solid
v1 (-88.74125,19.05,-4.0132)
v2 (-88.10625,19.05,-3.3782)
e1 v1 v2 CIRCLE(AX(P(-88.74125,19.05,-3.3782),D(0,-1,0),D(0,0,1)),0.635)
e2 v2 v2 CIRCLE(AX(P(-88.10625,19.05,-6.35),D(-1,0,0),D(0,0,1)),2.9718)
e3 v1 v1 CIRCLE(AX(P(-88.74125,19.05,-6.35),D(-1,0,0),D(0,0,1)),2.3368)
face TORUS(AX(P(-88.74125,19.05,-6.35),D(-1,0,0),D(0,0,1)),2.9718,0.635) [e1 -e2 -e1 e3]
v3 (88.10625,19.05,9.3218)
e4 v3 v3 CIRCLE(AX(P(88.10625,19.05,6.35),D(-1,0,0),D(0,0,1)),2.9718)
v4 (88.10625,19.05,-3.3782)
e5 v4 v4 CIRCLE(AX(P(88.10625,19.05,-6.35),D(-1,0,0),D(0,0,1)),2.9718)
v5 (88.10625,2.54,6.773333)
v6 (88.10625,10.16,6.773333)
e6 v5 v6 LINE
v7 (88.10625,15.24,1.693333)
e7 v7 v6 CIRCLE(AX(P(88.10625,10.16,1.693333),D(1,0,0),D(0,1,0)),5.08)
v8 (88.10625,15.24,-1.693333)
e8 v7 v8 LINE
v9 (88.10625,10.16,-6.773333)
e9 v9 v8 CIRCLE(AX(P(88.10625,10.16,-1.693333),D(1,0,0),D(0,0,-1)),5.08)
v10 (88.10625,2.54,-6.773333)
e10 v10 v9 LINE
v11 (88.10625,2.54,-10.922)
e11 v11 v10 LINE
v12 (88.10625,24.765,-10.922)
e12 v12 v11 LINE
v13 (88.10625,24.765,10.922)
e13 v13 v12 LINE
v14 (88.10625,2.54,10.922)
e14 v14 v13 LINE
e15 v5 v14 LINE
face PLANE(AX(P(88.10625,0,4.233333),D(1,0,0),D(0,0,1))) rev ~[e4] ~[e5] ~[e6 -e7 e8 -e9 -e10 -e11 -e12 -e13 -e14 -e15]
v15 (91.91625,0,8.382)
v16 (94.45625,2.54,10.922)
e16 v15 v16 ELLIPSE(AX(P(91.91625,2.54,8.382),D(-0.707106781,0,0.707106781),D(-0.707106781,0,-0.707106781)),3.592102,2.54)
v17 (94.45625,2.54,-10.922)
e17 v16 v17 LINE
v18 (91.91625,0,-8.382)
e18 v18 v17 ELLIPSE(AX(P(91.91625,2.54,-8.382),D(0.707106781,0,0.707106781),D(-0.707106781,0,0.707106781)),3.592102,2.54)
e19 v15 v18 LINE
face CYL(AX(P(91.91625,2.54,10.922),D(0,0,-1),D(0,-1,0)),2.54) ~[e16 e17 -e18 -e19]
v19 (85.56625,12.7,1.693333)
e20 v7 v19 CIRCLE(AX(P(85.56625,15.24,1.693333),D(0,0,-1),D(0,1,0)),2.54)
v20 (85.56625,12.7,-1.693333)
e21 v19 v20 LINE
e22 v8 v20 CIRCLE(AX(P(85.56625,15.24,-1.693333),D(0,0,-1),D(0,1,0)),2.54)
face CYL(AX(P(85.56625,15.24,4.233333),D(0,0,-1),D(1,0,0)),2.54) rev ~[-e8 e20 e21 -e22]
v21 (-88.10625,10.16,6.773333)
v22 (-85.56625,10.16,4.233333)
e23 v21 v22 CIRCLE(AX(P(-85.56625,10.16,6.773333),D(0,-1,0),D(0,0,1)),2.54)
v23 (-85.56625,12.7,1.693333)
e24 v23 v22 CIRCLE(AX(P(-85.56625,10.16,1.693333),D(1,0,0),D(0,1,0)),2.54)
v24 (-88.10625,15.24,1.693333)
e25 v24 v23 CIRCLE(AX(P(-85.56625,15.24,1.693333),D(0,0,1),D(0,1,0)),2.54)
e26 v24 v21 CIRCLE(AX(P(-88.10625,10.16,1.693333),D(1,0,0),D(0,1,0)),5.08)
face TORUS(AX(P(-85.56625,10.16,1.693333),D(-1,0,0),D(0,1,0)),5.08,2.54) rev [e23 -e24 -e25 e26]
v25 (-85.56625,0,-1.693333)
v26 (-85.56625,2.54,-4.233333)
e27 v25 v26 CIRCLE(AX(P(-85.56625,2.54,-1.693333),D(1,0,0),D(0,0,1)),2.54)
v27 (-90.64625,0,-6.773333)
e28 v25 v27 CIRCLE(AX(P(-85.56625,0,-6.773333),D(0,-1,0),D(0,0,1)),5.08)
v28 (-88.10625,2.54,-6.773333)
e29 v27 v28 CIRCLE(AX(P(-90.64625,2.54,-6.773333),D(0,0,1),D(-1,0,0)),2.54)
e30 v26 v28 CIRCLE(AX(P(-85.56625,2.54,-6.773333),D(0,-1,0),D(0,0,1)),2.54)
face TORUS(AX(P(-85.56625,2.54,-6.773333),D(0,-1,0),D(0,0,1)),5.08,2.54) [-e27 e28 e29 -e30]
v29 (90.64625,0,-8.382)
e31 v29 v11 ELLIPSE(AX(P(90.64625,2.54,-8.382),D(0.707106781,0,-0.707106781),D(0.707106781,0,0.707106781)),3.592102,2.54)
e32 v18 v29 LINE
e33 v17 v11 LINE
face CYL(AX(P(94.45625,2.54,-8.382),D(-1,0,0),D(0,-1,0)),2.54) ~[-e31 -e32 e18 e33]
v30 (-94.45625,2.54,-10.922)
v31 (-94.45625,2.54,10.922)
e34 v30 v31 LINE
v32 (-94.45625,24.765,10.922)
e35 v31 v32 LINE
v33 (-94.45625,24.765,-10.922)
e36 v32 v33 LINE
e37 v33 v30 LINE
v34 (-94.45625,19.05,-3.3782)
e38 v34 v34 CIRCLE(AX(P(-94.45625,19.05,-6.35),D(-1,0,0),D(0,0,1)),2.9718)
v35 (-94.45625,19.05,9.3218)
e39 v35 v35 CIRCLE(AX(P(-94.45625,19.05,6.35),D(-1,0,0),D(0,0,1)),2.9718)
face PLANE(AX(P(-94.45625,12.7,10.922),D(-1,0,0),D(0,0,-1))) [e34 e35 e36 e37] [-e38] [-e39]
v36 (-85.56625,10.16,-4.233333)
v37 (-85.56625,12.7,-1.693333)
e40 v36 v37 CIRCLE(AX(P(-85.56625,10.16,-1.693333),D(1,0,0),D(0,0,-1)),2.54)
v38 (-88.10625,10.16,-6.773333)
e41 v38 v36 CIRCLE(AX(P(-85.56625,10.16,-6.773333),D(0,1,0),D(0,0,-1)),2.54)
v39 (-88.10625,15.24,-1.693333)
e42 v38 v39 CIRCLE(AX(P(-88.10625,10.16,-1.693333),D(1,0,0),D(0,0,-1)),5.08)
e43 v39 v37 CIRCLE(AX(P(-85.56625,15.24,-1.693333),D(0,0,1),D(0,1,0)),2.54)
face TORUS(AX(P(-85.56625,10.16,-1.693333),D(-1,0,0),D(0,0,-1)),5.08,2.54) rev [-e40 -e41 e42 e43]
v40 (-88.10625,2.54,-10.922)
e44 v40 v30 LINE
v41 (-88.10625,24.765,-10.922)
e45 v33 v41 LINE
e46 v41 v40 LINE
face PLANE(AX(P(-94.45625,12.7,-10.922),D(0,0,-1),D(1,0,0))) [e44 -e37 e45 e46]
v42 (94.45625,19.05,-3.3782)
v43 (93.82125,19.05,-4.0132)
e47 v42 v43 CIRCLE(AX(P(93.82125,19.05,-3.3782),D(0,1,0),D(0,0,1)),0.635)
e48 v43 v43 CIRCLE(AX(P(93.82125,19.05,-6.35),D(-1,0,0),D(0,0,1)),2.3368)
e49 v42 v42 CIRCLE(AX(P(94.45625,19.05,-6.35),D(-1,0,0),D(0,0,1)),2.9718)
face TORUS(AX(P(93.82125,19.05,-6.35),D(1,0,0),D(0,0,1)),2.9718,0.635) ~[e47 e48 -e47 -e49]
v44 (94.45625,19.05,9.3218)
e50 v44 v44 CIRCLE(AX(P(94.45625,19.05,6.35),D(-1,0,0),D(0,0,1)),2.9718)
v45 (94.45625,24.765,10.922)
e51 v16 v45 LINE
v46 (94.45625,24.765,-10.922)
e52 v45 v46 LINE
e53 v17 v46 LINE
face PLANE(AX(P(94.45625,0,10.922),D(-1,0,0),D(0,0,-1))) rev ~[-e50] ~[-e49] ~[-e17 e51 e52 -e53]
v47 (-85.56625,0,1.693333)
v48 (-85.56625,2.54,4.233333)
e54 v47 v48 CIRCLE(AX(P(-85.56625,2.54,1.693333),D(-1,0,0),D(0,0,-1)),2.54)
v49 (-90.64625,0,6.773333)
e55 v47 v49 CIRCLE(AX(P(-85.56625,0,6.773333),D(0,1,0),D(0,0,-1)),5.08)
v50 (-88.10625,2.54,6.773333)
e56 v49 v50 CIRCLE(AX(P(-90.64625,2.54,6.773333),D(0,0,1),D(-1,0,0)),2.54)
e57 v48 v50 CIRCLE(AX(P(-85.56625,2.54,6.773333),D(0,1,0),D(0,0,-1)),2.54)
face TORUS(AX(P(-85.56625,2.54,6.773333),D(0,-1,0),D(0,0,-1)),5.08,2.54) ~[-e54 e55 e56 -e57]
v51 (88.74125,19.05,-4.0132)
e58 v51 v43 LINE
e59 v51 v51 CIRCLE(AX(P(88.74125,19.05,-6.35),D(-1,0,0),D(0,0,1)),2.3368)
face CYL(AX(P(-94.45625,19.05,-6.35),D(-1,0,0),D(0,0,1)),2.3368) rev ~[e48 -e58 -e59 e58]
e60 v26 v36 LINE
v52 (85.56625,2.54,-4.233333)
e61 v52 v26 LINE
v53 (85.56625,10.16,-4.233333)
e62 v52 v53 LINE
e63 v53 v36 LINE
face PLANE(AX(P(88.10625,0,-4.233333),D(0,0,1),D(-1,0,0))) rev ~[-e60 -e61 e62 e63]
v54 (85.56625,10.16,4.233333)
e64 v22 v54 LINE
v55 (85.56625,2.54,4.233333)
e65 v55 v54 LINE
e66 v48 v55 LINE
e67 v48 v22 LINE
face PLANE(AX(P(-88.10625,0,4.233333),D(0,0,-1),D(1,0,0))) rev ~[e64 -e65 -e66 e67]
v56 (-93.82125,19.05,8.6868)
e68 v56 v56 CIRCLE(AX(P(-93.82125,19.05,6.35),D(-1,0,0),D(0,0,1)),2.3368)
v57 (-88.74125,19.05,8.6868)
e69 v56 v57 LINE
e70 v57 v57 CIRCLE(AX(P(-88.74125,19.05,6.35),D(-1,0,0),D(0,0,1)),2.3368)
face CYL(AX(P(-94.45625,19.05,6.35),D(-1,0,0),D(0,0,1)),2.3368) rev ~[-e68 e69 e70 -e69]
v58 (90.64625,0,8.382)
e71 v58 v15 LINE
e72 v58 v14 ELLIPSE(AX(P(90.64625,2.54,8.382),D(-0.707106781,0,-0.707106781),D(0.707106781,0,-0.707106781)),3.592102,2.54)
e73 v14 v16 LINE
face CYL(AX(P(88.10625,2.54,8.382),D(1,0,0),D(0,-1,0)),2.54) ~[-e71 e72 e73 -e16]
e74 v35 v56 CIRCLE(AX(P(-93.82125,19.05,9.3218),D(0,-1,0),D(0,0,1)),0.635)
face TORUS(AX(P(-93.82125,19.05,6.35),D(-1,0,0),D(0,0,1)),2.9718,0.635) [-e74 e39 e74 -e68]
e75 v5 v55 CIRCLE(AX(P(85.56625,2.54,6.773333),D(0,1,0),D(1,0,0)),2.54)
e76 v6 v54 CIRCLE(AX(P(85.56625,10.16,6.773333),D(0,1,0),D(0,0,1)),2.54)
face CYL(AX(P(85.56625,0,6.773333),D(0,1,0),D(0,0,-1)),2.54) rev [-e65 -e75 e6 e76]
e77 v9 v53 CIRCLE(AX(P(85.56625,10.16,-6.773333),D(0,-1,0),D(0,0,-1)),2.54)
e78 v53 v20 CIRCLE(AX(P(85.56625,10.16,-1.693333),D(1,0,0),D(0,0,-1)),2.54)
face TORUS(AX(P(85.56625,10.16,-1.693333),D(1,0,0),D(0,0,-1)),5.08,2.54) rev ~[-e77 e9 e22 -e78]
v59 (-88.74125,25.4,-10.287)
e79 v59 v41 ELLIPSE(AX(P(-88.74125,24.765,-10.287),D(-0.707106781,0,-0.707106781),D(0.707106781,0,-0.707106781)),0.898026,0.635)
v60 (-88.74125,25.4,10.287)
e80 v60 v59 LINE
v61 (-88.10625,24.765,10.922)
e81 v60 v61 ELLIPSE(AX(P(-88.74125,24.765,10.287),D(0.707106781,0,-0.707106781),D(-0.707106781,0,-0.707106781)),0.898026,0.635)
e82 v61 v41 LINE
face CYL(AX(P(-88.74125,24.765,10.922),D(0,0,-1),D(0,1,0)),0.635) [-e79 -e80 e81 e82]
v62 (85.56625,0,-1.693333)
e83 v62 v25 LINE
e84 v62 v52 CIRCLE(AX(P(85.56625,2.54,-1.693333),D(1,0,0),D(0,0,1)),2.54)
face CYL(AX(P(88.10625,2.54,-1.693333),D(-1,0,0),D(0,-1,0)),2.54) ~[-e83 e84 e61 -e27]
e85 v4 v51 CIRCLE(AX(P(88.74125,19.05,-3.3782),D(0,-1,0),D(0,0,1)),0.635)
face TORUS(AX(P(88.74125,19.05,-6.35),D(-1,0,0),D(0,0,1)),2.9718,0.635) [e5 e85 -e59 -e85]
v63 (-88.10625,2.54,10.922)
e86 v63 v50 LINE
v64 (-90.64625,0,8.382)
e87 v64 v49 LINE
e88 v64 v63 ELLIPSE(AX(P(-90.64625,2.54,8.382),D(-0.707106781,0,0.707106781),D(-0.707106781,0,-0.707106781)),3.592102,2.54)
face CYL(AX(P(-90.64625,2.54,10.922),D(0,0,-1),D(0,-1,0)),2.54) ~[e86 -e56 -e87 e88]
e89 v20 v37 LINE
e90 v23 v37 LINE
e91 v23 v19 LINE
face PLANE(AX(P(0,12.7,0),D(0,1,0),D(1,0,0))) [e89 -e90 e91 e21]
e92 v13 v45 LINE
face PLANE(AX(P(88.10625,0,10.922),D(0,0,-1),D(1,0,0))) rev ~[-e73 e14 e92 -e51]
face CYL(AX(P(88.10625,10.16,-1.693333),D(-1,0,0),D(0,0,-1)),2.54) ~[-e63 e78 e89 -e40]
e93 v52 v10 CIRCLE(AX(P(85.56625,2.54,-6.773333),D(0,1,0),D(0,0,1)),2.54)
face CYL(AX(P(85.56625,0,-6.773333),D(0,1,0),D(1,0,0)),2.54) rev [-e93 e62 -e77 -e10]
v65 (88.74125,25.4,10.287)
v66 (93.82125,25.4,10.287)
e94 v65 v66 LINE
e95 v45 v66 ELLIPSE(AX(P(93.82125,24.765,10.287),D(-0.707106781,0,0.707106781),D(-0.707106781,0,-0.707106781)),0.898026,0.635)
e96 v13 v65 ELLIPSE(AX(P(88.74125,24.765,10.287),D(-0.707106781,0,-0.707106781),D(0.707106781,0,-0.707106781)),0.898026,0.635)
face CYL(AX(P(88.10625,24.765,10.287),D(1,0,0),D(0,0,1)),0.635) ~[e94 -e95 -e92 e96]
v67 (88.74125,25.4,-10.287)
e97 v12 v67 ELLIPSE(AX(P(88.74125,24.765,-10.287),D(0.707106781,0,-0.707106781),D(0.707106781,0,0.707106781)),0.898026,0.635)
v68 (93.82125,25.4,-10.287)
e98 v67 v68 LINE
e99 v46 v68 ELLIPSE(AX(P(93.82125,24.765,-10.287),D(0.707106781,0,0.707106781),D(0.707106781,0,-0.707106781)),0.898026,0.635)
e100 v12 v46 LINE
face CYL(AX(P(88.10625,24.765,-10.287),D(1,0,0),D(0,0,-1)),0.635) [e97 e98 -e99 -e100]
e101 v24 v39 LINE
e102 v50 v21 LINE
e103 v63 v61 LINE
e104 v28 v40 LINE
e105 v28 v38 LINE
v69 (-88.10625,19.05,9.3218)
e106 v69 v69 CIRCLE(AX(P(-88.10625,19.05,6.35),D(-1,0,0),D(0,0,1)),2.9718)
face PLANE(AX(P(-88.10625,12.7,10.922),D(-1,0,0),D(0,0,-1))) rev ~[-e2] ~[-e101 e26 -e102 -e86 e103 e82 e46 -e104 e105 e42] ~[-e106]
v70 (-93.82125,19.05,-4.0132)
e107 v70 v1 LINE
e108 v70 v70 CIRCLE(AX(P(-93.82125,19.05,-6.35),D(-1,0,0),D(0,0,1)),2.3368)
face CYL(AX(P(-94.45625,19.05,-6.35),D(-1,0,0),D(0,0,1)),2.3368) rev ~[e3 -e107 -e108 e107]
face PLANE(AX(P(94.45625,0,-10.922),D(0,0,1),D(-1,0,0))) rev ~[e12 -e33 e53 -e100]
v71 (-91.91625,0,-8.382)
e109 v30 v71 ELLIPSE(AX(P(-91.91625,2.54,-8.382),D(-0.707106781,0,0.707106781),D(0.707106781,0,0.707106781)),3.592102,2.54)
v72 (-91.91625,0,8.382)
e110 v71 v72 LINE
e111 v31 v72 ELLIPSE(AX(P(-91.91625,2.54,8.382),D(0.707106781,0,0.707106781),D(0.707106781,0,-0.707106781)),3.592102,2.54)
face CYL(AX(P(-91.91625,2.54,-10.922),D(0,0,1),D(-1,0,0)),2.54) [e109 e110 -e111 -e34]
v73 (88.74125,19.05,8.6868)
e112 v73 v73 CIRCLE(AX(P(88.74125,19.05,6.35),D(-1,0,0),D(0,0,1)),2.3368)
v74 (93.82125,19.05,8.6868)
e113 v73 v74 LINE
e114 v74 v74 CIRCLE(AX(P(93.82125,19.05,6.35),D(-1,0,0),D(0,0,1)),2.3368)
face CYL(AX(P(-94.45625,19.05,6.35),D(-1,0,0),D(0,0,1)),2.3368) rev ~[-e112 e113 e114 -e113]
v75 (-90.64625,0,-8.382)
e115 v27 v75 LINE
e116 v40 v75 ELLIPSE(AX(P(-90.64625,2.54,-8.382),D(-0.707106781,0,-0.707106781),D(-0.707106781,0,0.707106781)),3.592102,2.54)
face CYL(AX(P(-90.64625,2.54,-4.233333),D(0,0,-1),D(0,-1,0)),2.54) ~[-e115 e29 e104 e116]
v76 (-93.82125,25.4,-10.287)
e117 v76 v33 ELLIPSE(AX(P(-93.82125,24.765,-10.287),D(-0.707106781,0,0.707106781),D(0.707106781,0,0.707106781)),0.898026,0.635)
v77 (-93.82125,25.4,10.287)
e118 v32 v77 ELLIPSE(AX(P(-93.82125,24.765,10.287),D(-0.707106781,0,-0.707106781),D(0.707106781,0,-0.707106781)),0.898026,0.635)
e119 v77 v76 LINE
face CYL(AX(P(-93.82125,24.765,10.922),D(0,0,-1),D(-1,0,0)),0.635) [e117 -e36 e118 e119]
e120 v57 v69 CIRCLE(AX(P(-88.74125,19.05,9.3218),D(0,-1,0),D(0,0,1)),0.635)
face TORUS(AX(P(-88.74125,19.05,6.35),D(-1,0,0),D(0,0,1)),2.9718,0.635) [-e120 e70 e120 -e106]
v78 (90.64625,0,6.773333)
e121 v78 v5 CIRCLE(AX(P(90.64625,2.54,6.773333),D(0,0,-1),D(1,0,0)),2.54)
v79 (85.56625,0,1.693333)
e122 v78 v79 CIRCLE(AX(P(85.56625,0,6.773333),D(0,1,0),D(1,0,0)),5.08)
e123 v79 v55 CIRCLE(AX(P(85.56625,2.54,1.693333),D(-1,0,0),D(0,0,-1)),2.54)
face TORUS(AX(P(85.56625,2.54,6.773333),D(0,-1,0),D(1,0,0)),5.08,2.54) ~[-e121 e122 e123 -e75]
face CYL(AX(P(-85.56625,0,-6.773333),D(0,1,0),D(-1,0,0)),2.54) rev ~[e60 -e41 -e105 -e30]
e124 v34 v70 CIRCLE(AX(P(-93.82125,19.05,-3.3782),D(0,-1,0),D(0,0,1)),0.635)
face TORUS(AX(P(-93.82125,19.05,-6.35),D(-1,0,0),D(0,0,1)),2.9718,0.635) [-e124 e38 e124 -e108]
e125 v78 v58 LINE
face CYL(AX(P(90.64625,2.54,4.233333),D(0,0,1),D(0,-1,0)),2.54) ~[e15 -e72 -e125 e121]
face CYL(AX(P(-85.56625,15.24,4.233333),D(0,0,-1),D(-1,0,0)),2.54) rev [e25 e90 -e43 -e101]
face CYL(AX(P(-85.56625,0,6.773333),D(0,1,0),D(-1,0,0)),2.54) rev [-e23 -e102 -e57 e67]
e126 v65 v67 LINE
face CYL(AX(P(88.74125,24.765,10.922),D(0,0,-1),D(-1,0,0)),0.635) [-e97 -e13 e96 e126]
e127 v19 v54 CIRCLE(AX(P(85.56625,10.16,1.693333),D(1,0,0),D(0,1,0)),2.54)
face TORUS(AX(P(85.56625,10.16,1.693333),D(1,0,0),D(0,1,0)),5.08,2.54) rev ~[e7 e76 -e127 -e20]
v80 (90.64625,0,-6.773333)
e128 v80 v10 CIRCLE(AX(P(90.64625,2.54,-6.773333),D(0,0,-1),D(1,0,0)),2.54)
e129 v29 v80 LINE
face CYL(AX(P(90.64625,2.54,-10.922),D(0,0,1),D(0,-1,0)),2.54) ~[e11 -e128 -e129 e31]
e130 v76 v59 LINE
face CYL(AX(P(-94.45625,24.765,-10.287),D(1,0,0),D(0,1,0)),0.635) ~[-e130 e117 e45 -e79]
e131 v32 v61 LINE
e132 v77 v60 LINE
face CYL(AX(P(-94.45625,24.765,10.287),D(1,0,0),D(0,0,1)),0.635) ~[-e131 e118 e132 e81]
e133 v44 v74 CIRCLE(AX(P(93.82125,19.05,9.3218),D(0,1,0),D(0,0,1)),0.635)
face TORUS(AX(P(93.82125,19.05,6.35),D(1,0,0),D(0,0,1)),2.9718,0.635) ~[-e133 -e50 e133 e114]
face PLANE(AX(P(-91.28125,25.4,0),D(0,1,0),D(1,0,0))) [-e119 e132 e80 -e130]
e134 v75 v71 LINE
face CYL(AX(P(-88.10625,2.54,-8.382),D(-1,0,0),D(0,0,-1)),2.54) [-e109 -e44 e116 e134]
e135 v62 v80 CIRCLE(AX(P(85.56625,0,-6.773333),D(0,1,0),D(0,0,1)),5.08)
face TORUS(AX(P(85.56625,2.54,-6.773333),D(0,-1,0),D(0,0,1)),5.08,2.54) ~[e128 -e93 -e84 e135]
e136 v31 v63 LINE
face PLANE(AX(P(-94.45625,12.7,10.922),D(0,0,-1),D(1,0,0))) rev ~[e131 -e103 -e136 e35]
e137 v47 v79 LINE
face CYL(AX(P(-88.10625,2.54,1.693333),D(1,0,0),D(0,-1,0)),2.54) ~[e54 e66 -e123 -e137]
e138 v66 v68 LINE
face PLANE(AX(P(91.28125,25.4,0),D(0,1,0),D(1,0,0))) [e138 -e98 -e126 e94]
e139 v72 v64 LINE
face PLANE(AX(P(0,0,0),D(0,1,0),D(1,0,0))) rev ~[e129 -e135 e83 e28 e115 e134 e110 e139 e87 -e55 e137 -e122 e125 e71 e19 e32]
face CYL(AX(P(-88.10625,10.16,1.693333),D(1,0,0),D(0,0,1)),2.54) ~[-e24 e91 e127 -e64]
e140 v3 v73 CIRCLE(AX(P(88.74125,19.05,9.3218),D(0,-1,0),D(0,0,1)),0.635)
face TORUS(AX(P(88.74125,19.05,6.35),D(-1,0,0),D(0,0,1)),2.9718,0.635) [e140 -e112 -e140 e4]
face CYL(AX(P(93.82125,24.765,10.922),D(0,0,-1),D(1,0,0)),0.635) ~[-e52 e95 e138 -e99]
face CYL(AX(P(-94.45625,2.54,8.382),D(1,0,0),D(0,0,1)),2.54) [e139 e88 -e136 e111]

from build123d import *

# Parameters (mm, degrees)
BOSS_EXTRUDE1_DEPTH = 12.7
SKETCH3_W           = 6.35
SKETCH3_H           = 21.844
BOSS_EXTRUDE2_DEPTH = 12.7
SKETCH4_R           = 2.3368
CUT_EXTRUDE1_DEPTH  = 191.92507101
FILLET1_R           = 2.54
FILLET2_R           = 0.635


with BuildPart() as part:
    # Sketch2 → Boss-Extrude1 (new body)
    with BuildSketch(Plane(origin=(0, 0, 0), x_dir=(1, 0, 0), z_dir=(0, 1, 0))):
        Polygon((-88.10625, 10.922), (-94.45625, 10.922), (-94.45625, -10.922), (-88.10625, -10.922), (-88.10625, -4.233333333), (88.10625, -4.233333333), (88.10625, -10.922), (94.45625, -10.922), (94.45625, 10.922), (88.10625, 10.922), (88.10625, 4.233333333), (-88.10625, 4.233333333), align=None)
    extrude(amount=BOSS_EXTRUDE1_DEPTH)

    # Sketch3 → Boss-Extrude2 (add)
    with BuildSketch(Plane(origin=(0, 12.7, 0), x_dir=(1, 0, 0), z_dir=(0, 1, 0))):
        with Locations((-91.28125, 0)):
            Rectangle(SKETCH3_W, SKETCH3_H)
        with Locations((91.28125, 0)):
            Rectangle(SKETCH3_W, SKETCH3_H)
    extrude(amount=BOSS_EXTRUDE2_DEPTH)

    # Sketch4 → Cut-Extrude1 (cut, through all)
    with BuildSketch(Plane.ZY.offset(94.45625)):
        with Locations((-6.35, 19.05)):
            Circle(SKETCH4_R)
        with Locations((6.35, 19.05)):
            Circle(SKETCH4_R)
    extrude(amount=-CUT_EXTRUDE1_DEPTH, mode=Mode.SUBTRACT)

    # Fillet1
    fillet1_edges = [part.edges().sort_by_distance(p)[0] for p in [
        (0, 0, -4.233333333),
        (88.10625, 0, -7.577666667),
        (91.28125, 0, -10.922),
        (94.45625, 0, 0),
        (91.28125, 0, 10.922),
        (88.10625, 0, 7.577666667),
        (0, 0, 4.233333333),
        (-88.10625, 0, 7.577666667),
        (-91.28125, 0, 10.922),
        (-94.45625, 0, 0),
        (-91.28125, 0, -10.922),
        (-88.10625, 0, -7.577666667),
        (-88.10625, 6.35, -4.233333333),
        (88.10625, 6.35, -4.233333333),
        (88.10625, 6.35, 4.233333333),
        (-88.10625, 6.35, 4.233333333),
        (0, 12.7, 4.233333333),
        (88.10625, 12.7, 0),
        (-88.10625, 12.7, 0),
        (0, 12.7, -4.233333333),
    ]]
    fillet(fillet1_edges, radius=FILLET1_R)

    # Fillet2
    fillet2_edges = [part.edges().sort_by_distance(p)[0] for p in [
        (-88.10625, 25.4, 0),
        (-91.28125, 25.4, -10.922),
        (-94.45625, 25.4, 0),
        (-91.28125, 25.4, 10.922),
        (94.45625, 25.4, 0),
        (91.28125, 25.4, -10.922),
        (88.10625, 25.4, 0),
        (91.28125, 25.4, 10.922),
        (-88.10625, 19.05, -8.6868),
        (94.45625, 19.05, -8.6868),
        (88.10625, 19.05, -8.6868),
        (-94.45625, 19.05, -8.6868),
        (-88.10625, 19.05, 4.0132),
        (94.45625, 19.05, 4.0132),
        (88.10625, 19.05, 4.0132),
        (-94.45625, 19.05, 4.0132),
    ]]
    fillet(fillet2_edges, radius=FILLET2_R)


solid = part.part
